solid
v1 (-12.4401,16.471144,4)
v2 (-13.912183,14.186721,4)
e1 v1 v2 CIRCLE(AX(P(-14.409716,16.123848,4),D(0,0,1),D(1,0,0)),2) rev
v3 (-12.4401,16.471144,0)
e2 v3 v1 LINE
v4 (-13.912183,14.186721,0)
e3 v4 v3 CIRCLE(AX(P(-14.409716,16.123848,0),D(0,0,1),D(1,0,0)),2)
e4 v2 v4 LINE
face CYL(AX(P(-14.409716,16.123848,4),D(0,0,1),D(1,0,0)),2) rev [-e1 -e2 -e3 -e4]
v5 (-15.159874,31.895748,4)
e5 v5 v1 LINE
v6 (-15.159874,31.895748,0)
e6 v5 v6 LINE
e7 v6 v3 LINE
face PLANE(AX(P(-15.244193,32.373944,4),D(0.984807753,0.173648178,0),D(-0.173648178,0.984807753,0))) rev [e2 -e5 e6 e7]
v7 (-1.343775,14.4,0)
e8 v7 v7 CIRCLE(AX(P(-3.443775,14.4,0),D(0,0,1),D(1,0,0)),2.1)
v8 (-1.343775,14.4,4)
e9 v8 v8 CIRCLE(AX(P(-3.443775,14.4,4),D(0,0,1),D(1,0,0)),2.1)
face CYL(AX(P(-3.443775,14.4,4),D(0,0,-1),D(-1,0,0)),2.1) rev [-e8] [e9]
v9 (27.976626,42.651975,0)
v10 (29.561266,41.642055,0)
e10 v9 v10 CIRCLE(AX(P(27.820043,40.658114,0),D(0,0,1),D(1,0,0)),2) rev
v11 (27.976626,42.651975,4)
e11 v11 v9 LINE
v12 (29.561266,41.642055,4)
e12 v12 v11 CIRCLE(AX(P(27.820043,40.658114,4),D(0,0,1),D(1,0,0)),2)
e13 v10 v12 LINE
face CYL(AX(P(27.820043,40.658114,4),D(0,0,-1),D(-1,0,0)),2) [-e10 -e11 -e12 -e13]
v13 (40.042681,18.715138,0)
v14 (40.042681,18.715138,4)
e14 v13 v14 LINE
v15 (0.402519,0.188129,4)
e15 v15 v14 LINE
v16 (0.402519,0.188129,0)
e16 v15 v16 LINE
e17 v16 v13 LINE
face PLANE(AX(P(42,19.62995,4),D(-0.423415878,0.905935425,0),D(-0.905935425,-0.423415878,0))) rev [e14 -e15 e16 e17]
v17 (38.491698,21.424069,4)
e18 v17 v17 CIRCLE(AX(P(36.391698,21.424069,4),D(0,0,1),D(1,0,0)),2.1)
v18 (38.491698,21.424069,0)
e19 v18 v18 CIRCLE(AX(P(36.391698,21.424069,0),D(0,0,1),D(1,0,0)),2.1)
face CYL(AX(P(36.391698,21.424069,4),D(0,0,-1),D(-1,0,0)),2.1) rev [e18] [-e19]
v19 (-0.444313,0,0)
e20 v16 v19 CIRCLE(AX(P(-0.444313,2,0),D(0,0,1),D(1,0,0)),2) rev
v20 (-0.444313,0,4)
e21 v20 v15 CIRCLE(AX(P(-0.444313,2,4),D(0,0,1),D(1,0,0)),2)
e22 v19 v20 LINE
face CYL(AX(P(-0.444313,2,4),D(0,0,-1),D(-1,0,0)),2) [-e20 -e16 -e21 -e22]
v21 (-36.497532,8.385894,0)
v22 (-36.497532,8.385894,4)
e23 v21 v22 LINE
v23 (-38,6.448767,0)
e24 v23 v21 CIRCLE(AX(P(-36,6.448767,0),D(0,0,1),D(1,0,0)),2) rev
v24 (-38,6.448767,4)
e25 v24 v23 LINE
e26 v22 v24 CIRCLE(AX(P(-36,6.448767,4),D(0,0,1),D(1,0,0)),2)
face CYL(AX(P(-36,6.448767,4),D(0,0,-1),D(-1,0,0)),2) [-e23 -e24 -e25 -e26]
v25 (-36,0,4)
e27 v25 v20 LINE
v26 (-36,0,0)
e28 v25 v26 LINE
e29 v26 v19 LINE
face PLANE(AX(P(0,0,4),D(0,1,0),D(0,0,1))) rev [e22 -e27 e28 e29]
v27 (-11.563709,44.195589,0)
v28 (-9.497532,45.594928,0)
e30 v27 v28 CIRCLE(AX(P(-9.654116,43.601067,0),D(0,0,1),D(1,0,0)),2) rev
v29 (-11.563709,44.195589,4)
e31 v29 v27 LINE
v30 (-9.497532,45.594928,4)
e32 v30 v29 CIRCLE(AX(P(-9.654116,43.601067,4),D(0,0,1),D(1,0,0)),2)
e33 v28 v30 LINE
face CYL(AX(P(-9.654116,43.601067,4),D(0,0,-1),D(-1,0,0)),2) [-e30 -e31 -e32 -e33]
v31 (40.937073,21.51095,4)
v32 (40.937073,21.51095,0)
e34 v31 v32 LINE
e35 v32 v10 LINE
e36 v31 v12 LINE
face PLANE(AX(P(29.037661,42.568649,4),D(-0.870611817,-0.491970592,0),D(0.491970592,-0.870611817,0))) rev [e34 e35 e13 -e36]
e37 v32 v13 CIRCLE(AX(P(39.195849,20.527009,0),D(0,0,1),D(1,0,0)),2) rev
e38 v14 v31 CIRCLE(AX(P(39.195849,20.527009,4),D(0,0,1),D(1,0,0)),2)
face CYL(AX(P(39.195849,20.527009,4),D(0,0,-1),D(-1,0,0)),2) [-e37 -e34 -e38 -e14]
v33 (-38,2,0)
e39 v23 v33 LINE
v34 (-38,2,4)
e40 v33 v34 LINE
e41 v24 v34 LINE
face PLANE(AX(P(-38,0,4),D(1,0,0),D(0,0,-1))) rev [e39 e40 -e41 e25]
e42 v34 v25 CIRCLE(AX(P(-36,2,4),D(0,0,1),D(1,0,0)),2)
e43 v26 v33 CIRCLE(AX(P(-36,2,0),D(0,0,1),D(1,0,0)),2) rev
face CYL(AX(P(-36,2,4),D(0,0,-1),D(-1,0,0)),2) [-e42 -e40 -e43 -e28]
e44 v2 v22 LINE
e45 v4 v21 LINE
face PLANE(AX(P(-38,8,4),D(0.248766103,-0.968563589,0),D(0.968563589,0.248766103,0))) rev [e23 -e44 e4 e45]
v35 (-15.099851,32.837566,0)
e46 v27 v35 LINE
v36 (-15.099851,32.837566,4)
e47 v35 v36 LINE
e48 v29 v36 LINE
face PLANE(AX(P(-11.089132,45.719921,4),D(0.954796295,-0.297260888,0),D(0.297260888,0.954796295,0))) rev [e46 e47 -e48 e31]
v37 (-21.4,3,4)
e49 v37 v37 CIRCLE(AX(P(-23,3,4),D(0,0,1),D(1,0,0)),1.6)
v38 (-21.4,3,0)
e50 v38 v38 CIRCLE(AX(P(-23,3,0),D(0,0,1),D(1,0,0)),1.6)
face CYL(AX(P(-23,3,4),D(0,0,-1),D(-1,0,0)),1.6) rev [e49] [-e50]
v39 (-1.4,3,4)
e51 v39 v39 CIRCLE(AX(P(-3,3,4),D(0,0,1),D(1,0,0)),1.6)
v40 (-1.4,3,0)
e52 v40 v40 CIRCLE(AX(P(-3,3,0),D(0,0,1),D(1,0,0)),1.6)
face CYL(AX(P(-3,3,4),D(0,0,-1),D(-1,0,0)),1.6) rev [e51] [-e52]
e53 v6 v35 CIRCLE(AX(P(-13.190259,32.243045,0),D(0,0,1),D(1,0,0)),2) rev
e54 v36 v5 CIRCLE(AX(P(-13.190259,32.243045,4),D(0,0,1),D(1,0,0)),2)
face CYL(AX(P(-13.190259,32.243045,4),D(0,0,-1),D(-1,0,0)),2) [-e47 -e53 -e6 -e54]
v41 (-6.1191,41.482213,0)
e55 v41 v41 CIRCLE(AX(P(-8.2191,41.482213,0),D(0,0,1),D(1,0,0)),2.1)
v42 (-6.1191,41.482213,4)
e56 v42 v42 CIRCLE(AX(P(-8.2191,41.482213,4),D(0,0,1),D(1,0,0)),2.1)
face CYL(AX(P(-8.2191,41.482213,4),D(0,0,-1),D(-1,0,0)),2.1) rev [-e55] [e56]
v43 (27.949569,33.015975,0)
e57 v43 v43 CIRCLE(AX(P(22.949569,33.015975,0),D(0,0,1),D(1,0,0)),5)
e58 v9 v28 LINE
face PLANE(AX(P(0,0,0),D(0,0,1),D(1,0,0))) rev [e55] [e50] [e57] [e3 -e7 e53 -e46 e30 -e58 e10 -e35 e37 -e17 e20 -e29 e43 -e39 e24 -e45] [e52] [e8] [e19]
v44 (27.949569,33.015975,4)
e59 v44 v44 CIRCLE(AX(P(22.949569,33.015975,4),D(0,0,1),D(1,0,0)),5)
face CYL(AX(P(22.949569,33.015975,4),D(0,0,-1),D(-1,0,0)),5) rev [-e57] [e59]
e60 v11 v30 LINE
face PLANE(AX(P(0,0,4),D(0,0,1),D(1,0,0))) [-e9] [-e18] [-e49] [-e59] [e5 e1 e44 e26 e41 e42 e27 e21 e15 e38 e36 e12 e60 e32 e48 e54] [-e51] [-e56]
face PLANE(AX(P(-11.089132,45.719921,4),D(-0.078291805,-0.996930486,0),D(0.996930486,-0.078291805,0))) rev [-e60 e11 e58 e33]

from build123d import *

# Parameters (mm, degrees)
SKETCH1_R           = 2.1
SKETCH1_R_2         = 5
SKETCH1_R_3         = 1.6
BOSS_EXTRUDE1_DEPTH = 4
FILLET1_R           = 2


with BuildPart() as part:
    # Sketch1 → Boss-Extrude1 (new body)
    with BuildSketch(Plane.XY):
        Polygon((0, 0), (-38, 0), (-38, 8), (-12.118525594, 14.647404058), (-15.244192792, 32.373943612), (-11.089131581, 45.719920845), (29.037661116, 42.568648925), (42, 19.629949763), align=None)
        with Locations((-8.219100268, 41.482213208)):
            Circle(SKETCH1_R, mode=Mode.SUBTRACT)
        with Locations((-3.443775383, 14.4)):
            Circle(SKETCH1_R, mode=Mode.SUBTRACT)
        with Locations((36.391698227, 21.424068787)):
            Circle(SKETCH1_R, mode=Mode.SUBTRACT)
        with Locations((22.949568756, 33.015974596)):
            Circle(SKETCH1_R_2, mode=Mode.SUBTRACT)
        with Locations((-23, 3)):
            Circle(SKETCH1_R_3, mode=Mode.SUBTRACT)
        with Locations((-3, 3)):
            Circle(SKETCH1_R_3, mode=Mode.SUBTRACT)
    extrude(amount=BOSS_EXTRUDE1_DEPTH)

    # Fillet1
    fillet1_edges = [part.edges().sort_by_distance(p)[0] for p in [
        (0, 0, 2),
        (-38, 0, 2),
        (-38, 8, 2),
        (-12.118525594, 14.647404058, 2),
        (-15.244192792, 32.373943612, 2),
        (-11.089131581, 45.719920845, 2),
        (29.037661116, 42.568648925, 2),
        (42, 19.629949763, 2),
    ]]
    fillet(fillet1_edges, radius=FILLET1_R)


solid = part.part
